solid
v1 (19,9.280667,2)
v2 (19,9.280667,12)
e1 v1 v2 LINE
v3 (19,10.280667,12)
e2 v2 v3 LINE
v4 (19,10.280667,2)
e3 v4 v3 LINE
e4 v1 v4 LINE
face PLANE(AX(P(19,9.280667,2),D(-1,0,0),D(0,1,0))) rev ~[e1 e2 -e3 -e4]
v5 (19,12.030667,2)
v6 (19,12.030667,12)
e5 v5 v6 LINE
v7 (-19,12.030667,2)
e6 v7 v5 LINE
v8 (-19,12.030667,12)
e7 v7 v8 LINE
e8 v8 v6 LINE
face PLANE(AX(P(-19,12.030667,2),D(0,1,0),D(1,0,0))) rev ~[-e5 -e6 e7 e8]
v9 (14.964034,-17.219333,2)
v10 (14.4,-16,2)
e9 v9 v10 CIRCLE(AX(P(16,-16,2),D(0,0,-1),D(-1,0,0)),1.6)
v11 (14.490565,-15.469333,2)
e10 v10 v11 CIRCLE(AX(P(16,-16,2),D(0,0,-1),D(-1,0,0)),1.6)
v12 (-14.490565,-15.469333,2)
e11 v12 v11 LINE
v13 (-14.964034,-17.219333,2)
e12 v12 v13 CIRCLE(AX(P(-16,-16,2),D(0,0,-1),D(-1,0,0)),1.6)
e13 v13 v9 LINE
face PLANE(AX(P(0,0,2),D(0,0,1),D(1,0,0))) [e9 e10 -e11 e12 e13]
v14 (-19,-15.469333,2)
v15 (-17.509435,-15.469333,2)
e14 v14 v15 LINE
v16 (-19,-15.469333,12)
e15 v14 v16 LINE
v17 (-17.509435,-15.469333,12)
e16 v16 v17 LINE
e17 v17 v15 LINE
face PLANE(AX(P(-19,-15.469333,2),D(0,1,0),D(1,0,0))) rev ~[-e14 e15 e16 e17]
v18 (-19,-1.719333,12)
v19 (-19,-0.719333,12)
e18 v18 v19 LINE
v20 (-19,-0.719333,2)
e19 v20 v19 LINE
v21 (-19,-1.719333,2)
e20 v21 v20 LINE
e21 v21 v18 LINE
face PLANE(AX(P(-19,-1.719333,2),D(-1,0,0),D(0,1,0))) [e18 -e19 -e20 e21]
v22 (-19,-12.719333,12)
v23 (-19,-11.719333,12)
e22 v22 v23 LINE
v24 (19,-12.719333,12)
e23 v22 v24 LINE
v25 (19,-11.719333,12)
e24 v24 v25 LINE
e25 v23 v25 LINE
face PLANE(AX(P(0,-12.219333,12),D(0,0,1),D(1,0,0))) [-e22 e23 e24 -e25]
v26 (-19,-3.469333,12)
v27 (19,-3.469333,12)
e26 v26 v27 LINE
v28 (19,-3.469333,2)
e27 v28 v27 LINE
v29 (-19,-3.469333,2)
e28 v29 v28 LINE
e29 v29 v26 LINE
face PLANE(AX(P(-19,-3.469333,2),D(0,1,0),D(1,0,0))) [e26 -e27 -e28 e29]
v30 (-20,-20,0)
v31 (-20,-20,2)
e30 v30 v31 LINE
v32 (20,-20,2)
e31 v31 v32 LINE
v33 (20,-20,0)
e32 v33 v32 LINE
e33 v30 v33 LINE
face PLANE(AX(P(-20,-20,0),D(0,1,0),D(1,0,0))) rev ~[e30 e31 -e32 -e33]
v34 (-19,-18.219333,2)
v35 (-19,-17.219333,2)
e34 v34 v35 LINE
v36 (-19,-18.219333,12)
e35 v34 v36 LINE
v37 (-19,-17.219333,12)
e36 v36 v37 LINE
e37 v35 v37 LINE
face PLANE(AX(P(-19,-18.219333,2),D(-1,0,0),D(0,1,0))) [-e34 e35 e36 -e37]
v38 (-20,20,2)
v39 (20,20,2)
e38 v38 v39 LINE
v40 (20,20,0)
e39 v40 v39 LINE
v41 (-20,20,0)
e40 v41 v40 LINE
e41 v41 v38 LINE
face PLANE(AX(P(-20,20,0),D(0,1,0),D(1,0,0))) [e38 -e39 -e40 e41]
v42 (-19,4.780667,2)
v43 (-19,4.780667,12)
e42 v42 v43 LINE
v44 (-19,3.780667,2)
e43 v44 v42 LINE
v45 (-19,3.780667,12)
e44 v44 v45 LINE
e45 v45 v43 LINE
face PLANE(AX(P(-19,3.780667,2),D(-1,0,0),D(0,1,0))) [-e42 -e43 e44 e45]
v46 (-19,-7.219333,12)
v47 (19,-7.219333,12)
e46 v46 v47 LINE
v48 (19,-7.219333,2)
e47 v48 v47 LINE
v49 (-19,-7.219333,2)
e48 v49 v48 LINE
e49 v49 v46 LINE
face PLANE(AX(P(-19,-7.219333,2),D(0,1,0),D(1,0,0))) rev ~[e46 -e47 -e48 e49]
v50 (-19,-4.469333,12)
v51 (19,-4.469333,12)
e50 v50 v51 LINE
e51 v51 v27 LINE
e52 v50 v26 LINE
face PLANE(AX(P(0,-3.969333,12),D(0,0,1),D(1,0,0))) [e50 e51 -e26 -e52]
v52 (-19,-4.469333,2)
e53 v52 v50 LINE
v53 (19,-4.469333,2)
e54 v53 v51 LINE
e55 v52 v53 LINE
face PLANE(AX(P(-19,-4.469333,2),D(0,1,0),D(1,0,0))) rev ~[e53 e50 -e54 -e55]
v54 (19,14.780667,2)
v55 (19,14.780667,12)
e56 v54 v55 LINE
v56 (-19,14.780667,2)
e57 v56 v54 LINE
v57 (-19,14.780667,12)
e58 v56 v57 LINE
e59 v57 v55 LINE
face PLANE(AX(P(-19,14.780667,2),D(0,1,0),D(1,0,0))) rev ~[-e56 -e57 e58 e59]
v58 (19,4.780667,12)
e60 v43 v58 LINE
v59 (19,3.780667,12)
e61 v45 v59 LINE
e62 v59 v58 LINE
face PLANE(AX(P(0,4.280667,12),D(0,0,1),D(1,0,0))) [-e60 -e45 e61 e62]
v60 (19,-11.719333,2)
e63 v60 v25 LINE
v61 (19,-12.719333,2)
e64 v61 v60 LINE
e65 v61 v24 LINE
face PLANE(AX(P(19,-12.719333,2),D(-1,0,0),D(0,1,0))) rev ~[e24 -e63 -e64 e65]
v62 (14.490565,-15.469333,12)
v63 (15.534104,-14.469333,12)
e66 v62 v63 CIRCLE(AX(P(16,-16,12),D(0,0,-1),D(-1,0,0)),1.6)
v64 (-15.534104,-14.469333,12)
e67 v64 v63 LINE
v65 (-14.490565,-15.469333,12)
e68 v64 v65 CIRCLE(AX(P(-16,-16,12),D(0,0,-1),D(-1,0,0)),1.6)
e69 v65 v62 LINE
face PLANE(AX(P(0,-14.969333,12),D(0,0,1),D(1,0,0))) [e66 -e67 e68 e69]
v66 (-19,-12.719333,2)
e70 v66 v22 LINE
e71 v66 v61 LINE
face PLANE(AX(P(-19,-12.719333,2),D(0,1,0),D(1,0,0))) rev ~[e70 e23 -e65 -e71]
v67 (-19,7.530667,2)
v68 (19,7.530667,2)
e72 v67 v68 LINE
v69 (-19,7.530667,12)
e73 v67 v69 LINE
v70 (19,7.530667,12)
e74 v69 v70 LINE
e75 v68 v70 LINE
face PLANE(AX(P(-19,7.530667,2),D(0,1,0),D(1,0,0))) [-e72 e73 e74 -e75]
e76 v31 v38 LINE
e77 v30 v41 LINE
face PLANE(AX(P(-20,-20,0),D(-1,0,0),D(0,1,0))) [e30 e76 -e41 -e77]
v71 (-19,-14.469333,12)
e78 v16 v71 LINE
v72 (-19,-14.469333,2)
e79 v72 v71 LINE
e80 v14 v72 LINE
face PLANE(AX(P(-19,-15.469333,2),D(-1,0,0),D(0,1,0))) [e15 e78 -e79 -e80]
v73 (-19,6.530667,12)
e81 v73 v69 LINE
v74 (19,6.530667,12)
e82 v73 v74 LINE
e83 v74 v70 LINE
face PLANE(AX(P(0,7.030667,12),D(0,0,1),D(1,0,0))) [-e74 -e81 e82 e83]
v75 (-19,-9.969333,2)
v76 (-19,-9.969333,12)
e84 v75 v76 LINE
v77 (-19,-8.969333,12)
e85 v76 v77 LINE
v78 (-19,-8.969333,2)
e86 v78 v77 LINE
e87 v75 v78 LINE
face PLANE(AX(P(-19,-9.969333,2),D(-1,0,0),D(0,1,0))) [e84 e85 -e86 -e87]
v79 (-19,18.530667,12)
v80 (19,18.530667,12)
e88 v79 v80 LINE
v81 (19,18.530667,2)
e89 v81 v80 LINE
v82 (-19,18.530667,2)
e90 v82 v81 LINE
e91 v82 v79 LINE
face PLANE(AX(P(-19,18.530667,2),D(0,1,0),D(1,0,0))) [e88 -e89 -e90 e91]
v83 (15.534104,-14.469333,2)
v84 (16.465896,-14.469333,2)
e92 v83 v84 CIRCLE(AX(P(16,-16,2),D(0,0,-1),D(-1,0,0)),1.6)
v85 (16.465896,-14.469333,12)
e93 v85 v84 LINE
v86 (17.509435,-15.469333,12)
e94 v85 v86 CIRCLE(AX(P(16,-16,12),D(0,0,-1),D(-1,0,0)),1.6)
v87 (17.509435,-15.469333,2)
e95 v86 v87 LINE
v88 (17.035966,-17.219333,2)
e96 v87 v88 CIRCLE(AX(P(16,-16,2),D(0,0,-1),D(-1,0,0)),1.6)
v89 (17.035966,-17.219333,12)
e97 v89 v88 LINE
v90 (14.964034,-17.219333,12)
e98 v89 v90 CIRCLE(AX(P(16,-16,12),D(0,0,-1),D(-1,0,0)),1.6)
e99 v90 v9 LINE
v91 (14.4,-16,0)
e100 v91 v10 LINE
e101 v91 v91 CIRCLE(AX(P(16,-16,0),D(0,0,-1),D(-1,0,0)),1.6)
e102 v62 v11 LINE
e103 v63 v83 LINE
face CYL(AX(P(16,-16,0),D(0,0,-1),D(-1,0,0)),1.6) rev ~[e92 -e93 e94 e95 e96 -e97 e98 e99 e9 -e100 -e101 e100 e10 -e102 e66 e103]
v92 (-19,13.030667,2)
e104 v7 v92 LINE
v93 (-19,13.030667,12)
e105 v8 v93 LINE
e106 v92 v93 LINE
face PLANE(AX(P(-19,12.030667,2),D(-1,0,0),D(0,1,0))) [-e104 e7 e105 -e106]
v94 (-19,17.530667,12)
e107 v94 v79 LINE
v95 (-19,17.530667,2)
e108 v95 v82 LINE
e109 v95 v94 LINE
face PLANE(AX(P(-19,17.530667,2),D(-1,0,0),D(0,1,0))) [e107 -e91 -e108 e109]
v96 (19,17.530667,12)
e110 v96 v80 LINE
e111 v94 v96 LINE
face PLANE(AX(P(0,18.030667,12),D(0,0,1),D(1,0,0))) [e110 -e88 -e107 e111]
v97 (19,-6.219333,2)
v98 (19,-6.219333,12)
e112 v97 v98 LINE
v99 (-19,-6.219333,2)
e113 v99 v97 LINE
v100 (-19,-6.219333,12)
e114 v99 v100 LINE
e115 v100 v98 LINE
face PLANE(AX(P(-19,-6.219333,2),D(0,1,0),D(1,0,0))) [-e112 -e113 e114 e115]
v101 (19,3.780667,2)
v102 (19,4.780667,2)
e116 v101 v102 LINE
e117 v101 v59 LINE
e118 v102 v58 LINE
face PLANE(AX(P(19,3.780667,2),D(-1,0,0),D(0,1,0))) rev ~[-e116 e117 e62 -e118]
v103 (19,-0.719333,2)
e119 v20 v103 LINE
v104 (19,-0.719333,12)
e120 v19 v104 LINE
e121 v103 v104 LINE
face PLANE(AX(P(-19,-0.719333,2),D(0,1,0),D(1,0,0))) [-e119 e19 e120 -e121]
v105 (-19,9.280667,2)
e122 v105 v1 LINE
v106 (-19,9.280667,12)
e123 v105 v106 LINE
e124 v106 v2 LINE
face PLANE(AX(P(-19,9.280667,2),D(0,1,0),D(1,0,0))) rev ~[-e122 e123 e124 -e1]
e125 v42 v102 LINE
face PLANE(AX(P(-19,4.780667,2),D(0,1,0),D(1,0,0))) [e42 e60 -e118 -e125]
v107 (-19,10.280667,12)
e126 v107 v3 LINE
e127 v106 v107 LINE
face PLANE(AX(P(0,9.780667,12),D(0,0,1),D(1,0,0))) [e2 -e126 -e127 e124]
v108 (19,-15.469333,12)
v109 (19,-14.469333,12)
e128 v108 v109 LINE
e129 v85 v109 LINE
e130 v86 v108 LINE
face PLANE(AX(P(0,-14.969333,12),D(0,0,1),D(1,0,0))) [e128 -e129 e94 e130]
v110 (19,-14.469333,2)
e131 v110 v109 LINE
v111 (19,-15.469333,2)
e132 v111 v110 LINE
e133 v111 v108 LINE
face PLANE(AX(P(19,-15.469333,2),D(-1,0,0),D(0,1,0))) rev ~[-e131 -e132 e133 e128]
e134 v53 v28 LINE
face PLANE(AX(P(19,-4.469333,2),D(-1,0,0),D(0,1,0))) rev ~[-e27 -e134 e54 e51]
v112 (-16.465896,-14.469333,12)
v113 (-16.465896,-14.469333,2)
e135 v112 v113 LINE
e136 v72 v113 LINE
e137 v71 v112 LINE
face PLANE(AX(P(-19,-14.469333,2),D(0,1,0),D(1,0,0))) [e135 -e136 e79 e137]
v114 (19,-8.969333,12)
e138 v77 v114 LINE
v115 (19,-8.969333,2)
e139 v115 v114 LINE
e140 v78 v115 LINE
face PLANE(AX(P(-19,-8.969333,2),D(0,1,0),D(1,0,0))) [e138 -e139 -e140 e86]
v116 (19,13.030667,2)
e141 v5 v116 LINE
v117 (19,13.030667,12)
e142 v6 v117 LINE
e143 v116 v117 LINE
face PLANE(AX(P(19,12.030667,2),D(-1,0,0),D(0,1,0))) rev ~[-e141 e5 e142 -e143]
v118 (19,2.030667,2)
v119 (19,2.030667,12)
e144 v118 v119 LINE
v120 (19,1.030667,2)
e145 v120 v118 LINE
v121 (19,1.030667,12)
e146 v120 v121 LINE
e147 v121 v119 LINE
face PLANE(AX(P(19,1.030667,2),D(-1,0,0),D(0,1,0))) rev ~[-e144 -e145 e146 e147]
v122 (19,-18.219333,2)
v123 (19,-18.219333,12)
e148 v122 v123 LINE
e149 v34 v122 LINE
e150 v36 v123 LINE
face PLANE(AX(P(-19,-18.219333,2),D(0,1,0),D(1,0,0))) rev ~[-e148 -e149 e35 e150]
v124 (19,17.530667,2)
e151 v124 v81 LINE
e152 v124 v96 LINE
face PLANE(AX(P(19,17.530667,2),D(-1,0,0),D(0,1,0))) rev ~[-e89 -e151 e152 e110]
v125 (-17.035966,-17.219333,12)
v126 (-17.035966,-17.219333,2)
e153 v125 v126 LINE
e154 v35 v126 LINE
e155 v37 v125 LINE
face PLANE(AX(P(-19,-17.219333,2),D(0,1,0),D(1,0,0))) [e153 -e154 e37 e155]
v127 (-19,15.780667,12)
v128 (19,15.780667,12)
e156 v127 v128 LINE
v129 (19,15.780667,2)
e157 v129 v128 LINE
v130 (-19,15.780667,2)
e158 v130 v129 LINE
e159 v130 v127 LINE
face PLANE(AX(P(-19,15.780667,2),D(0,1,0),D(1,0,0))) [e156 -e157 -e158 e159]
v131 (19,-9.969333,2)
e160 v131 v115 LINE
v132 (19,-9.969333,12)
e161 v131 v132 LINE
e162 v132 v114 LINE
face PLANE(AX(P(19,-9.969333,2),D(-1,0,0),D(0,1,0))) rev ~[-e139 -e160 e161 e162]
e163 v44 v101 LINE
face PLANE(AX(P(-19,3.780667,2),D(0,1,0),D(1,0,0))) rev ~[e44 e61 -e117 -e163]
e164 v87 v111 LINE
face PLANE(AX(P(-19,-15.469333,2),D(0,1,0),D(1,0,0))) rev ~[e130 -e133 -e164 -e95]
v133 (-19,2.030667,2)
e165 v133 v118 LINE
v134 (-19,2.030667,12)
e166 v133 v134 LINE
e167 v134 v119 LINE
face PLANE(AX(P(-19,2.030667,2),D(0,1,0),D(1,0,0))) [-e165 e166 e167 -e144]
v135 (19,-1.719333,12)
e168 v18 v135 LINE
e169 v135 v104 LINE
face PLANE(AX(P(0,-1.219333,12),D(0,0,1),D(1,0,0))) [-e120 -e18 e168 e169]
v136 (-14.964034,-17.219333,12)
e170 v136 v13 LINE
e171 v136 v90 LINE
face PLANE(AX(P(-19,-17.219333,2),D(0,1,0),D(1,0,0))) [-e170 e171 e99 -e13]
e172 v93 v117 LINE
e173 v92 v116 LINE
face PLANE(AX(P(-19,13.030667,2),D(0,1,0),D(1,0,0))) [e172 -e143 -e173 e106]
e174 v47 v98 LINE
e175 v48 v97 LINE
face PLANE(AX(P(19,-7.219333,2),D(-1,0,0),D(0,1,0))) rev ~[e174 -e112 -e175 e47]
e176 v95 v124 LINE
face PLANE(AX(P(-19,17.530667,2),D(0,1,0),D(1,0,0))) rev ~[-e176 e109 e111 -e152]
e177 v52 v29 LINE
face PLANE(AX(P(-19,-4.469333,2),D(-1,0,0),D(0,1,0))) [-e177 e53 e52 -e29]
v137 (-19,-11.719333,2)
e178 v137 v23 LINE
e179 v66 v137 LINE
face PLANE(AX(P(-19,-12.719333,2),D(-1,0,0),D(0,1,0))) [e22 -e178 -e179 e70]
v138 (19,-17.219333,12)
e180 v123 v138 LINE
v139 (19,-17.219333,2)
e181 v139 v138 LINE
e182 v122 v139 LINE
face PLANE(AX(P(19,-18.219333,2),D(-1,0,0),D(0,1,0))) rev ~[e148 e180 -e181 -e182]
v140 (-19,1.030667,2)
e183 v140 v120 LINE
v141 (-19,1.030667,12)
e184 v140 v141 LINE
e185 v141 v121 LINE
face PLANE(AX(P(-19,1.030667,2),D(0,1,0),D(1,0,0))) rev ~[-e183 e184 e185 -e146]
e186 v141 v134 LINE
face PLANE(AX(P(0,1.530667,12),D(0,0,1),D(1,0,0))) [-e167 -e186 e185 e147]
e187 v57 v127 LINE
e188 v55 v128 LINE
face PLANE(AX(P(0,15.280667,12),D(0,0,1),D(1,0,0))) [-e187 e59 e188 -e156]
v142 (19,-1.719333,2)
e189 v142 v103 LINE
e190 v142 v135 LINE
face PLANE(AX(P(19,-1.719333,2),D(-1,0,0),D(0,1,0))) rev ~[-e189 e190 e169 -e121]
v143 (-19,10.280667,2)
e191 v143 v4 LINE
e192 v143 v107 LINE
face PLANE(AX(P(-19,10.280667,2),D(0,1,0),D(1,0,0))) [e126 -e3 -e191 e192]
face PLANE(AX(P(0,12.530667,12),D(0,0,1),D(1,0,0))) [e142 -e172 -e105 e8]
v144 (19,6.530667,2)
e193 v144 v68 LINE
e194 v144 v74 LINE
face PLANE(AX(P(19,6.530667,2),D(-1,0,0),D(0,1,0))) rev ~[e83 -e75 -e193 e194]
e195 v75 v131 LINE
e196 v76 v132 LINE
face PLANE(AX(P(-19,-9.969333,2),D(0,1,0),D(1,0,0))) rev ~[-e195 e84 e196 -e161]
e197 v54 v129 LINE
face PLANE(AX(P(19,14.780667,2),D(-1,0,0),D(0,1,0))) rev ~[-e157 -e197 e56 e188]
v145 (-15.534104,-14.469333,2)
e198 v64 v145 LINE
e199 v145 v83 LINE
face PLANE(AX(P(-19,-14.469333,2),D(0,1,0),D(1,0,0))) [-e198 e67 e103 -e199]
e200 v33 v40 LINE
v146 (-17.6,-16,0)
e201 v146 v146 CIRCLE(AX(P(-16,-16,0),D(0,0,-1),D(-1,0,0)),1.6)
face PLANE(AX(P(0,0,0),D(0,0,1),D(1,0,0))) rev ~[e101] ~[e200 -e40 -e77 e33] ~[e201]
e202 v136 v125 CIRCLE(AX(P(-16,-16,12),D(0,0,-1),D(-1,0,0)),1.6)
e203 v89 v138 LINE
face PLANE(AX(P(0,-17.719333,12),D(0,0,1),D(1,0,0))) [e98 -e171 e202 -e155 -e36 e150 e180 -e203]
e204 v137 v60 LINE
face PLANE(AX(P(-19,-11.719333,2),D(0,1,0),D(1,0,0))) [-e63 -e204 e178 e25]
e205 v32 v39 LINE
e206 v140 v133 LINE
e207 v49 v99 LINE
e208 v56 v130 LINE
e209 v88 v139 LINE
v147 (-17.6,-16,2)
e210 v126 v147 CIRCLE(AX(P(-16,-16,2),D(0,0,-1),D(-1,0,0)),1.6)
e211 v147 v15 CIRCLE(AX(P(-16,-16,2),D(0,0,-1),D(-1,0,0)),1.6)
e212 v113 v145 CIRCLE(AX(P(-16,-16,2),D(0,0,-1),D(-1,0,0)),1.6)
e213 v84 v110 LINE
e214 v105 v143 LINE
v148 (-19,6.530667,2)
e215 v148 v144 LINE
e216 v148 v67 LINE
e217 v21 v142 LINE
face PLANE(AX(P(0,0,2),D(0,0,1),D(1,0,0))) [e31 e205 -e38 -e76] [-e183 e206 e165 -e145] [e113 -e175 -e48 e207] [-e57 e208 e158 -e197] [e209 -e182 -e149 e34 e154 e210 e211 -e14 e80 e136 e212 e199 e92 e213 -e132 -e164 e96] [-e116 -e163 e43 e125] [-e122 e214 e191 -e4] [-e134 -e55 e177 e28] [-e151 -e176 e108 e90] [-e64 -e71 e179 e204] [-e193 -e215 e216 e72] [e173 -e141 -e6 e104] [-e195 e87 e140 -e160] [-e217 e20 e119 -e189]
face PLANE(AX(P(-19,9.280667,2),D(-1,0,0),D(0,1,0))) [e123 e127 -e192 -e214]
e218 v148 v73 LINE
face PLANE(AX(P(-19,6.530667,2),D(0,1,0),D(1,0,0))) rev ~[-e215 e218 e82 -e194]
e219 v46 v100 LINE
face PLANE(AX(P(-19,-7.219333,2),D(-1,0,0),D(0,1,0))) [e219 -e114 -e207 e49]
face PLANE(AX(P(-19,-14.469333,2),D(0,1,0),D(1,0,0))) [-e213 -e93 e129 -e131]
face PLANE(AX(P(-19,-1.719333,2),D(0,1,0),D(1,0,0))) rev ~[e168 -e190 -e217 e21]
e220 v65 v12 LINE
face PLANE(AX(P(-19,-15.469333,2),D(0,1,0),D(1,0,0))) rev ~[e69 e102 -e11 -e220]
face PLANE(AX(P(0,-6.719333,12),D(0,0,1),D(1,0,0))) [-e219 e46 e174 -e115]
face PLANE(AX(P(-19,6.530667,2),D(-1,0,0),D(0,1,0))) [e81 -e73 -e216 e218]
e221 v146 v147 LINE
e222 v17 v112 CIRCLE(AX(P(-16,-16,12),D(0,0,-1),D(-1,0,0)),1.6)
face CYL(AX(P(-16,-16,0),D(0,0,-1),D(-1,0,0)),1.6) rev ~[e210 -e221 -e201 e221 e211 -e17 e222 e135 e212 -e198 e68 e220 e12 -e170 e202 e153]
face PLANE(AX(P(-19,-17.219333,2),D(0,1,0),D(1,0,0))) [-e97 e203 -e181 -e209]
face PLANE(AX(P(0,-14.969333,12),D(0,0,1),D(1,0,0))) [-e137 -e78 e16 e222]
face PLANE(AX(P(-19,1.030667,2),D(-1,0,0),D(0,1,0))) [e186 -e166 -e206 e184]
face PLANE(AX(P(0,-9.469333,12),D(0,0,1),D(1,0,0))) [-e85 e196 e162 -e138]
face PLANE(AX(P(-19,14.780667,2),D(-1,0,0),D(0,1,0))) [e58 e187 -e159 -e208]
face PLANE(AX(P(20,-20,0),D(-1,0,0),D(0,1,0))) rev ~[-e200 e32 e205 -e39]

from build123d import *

# Parameters (mm, degrees)
SKETCH1_W           = 40
SKETCH1_H           = 40
BOSS_EXTRUDE1_DEPTH = 2
SKETCH2_W           = 38
SKETCH2_H           = 1
BOSS_EXTRUDE2_DEPTH = 10
SKETCH3_R           = 1.6
CUT_EXTRUDE1_DEPTH  = 13


with BuildPart() as part:
    # Sketch1 → Boss-Extrude1 (new body)
    with BuildSketch(Plane.XY):
        Rectangle(SKETCH1_W, SKETCH1_H)
    extrude(amount=BOSS_EXTRUDE1_DEPTH)

    # Sketch2 → Boss-Extrude2 (add)
    with BuildSketch(Plane.XY.offset(2)):
        with Locations((0, 15.280666702)):
            Rectangle(SKETCH2_W, SKETCH2_H)
        with Locations((0, 18.030666702)):
            Rectangle(SKETCH2_W, SKETCH2_H)
        with Locations((0, 12.530666702)):
            Rectangle(SKETCH2_W, SKETCH2_H)
        with Locations((0, 9.780666702)):
            Rectangle(SKETCH2_W, SKETCH2_H)
        with Locations((0, 7.030666702)):
            Rectangle(SKETCH2_W, SKETCH2_H)
        with Locations((0, 4.280666702)):
            Rectangle(SKETCH2_W, SKETCH2_H)
        with Locations((0, 1.530666702)):
            Rectangle(SKETCH2_W, SKETCH2_H)
        with Locations((0, -1.219333298)):
            Rectangle(SKETCH2_W, SKETCH2_H)
        with Locations((0, -3.969333298)):
            Rectangle(SKETCH2_W, SKETCH2_H)
        with Locations((0, -6.719333298)):
            Rectangle(SKETCH2_W, SKETCH2_H)
        with Locations((0, -9.469333298)):
            Rectangle(SKETCH2_W, SKETCH2_H)
        with Locations((0, -12.219333298)):
            Rectangle(SKETCH2_W, SKETCH2_H)
        with Locations((0, -14.969333298)):
            Rectangle(SKETCH2_W, SKETCH2_H)
        with Locations((0, -17.719333298)):
            Rectangle(SKETCH2_W, SKETCH2_H)
    extrude(amount=BOSS_EXTRUDE2_DEPTH)

    # Sketch3 → Cut-Extrude1 (cut, through all)
    with BuildSketch(Plane(origin=(0, 0, 0), x_dir=(-1, 0, 0), z_dir=(0, 0, -1))):
        with Locations((16, -16)):
            Circle(SKETCH3_R)
        with Locations((-16, -16)):
            Circle(SKETCH3_R)
    extrude(amount=-CUT_EXTRUDE1_DEPTH, mode=Mode.SUBTRACT)


solid = part.part
